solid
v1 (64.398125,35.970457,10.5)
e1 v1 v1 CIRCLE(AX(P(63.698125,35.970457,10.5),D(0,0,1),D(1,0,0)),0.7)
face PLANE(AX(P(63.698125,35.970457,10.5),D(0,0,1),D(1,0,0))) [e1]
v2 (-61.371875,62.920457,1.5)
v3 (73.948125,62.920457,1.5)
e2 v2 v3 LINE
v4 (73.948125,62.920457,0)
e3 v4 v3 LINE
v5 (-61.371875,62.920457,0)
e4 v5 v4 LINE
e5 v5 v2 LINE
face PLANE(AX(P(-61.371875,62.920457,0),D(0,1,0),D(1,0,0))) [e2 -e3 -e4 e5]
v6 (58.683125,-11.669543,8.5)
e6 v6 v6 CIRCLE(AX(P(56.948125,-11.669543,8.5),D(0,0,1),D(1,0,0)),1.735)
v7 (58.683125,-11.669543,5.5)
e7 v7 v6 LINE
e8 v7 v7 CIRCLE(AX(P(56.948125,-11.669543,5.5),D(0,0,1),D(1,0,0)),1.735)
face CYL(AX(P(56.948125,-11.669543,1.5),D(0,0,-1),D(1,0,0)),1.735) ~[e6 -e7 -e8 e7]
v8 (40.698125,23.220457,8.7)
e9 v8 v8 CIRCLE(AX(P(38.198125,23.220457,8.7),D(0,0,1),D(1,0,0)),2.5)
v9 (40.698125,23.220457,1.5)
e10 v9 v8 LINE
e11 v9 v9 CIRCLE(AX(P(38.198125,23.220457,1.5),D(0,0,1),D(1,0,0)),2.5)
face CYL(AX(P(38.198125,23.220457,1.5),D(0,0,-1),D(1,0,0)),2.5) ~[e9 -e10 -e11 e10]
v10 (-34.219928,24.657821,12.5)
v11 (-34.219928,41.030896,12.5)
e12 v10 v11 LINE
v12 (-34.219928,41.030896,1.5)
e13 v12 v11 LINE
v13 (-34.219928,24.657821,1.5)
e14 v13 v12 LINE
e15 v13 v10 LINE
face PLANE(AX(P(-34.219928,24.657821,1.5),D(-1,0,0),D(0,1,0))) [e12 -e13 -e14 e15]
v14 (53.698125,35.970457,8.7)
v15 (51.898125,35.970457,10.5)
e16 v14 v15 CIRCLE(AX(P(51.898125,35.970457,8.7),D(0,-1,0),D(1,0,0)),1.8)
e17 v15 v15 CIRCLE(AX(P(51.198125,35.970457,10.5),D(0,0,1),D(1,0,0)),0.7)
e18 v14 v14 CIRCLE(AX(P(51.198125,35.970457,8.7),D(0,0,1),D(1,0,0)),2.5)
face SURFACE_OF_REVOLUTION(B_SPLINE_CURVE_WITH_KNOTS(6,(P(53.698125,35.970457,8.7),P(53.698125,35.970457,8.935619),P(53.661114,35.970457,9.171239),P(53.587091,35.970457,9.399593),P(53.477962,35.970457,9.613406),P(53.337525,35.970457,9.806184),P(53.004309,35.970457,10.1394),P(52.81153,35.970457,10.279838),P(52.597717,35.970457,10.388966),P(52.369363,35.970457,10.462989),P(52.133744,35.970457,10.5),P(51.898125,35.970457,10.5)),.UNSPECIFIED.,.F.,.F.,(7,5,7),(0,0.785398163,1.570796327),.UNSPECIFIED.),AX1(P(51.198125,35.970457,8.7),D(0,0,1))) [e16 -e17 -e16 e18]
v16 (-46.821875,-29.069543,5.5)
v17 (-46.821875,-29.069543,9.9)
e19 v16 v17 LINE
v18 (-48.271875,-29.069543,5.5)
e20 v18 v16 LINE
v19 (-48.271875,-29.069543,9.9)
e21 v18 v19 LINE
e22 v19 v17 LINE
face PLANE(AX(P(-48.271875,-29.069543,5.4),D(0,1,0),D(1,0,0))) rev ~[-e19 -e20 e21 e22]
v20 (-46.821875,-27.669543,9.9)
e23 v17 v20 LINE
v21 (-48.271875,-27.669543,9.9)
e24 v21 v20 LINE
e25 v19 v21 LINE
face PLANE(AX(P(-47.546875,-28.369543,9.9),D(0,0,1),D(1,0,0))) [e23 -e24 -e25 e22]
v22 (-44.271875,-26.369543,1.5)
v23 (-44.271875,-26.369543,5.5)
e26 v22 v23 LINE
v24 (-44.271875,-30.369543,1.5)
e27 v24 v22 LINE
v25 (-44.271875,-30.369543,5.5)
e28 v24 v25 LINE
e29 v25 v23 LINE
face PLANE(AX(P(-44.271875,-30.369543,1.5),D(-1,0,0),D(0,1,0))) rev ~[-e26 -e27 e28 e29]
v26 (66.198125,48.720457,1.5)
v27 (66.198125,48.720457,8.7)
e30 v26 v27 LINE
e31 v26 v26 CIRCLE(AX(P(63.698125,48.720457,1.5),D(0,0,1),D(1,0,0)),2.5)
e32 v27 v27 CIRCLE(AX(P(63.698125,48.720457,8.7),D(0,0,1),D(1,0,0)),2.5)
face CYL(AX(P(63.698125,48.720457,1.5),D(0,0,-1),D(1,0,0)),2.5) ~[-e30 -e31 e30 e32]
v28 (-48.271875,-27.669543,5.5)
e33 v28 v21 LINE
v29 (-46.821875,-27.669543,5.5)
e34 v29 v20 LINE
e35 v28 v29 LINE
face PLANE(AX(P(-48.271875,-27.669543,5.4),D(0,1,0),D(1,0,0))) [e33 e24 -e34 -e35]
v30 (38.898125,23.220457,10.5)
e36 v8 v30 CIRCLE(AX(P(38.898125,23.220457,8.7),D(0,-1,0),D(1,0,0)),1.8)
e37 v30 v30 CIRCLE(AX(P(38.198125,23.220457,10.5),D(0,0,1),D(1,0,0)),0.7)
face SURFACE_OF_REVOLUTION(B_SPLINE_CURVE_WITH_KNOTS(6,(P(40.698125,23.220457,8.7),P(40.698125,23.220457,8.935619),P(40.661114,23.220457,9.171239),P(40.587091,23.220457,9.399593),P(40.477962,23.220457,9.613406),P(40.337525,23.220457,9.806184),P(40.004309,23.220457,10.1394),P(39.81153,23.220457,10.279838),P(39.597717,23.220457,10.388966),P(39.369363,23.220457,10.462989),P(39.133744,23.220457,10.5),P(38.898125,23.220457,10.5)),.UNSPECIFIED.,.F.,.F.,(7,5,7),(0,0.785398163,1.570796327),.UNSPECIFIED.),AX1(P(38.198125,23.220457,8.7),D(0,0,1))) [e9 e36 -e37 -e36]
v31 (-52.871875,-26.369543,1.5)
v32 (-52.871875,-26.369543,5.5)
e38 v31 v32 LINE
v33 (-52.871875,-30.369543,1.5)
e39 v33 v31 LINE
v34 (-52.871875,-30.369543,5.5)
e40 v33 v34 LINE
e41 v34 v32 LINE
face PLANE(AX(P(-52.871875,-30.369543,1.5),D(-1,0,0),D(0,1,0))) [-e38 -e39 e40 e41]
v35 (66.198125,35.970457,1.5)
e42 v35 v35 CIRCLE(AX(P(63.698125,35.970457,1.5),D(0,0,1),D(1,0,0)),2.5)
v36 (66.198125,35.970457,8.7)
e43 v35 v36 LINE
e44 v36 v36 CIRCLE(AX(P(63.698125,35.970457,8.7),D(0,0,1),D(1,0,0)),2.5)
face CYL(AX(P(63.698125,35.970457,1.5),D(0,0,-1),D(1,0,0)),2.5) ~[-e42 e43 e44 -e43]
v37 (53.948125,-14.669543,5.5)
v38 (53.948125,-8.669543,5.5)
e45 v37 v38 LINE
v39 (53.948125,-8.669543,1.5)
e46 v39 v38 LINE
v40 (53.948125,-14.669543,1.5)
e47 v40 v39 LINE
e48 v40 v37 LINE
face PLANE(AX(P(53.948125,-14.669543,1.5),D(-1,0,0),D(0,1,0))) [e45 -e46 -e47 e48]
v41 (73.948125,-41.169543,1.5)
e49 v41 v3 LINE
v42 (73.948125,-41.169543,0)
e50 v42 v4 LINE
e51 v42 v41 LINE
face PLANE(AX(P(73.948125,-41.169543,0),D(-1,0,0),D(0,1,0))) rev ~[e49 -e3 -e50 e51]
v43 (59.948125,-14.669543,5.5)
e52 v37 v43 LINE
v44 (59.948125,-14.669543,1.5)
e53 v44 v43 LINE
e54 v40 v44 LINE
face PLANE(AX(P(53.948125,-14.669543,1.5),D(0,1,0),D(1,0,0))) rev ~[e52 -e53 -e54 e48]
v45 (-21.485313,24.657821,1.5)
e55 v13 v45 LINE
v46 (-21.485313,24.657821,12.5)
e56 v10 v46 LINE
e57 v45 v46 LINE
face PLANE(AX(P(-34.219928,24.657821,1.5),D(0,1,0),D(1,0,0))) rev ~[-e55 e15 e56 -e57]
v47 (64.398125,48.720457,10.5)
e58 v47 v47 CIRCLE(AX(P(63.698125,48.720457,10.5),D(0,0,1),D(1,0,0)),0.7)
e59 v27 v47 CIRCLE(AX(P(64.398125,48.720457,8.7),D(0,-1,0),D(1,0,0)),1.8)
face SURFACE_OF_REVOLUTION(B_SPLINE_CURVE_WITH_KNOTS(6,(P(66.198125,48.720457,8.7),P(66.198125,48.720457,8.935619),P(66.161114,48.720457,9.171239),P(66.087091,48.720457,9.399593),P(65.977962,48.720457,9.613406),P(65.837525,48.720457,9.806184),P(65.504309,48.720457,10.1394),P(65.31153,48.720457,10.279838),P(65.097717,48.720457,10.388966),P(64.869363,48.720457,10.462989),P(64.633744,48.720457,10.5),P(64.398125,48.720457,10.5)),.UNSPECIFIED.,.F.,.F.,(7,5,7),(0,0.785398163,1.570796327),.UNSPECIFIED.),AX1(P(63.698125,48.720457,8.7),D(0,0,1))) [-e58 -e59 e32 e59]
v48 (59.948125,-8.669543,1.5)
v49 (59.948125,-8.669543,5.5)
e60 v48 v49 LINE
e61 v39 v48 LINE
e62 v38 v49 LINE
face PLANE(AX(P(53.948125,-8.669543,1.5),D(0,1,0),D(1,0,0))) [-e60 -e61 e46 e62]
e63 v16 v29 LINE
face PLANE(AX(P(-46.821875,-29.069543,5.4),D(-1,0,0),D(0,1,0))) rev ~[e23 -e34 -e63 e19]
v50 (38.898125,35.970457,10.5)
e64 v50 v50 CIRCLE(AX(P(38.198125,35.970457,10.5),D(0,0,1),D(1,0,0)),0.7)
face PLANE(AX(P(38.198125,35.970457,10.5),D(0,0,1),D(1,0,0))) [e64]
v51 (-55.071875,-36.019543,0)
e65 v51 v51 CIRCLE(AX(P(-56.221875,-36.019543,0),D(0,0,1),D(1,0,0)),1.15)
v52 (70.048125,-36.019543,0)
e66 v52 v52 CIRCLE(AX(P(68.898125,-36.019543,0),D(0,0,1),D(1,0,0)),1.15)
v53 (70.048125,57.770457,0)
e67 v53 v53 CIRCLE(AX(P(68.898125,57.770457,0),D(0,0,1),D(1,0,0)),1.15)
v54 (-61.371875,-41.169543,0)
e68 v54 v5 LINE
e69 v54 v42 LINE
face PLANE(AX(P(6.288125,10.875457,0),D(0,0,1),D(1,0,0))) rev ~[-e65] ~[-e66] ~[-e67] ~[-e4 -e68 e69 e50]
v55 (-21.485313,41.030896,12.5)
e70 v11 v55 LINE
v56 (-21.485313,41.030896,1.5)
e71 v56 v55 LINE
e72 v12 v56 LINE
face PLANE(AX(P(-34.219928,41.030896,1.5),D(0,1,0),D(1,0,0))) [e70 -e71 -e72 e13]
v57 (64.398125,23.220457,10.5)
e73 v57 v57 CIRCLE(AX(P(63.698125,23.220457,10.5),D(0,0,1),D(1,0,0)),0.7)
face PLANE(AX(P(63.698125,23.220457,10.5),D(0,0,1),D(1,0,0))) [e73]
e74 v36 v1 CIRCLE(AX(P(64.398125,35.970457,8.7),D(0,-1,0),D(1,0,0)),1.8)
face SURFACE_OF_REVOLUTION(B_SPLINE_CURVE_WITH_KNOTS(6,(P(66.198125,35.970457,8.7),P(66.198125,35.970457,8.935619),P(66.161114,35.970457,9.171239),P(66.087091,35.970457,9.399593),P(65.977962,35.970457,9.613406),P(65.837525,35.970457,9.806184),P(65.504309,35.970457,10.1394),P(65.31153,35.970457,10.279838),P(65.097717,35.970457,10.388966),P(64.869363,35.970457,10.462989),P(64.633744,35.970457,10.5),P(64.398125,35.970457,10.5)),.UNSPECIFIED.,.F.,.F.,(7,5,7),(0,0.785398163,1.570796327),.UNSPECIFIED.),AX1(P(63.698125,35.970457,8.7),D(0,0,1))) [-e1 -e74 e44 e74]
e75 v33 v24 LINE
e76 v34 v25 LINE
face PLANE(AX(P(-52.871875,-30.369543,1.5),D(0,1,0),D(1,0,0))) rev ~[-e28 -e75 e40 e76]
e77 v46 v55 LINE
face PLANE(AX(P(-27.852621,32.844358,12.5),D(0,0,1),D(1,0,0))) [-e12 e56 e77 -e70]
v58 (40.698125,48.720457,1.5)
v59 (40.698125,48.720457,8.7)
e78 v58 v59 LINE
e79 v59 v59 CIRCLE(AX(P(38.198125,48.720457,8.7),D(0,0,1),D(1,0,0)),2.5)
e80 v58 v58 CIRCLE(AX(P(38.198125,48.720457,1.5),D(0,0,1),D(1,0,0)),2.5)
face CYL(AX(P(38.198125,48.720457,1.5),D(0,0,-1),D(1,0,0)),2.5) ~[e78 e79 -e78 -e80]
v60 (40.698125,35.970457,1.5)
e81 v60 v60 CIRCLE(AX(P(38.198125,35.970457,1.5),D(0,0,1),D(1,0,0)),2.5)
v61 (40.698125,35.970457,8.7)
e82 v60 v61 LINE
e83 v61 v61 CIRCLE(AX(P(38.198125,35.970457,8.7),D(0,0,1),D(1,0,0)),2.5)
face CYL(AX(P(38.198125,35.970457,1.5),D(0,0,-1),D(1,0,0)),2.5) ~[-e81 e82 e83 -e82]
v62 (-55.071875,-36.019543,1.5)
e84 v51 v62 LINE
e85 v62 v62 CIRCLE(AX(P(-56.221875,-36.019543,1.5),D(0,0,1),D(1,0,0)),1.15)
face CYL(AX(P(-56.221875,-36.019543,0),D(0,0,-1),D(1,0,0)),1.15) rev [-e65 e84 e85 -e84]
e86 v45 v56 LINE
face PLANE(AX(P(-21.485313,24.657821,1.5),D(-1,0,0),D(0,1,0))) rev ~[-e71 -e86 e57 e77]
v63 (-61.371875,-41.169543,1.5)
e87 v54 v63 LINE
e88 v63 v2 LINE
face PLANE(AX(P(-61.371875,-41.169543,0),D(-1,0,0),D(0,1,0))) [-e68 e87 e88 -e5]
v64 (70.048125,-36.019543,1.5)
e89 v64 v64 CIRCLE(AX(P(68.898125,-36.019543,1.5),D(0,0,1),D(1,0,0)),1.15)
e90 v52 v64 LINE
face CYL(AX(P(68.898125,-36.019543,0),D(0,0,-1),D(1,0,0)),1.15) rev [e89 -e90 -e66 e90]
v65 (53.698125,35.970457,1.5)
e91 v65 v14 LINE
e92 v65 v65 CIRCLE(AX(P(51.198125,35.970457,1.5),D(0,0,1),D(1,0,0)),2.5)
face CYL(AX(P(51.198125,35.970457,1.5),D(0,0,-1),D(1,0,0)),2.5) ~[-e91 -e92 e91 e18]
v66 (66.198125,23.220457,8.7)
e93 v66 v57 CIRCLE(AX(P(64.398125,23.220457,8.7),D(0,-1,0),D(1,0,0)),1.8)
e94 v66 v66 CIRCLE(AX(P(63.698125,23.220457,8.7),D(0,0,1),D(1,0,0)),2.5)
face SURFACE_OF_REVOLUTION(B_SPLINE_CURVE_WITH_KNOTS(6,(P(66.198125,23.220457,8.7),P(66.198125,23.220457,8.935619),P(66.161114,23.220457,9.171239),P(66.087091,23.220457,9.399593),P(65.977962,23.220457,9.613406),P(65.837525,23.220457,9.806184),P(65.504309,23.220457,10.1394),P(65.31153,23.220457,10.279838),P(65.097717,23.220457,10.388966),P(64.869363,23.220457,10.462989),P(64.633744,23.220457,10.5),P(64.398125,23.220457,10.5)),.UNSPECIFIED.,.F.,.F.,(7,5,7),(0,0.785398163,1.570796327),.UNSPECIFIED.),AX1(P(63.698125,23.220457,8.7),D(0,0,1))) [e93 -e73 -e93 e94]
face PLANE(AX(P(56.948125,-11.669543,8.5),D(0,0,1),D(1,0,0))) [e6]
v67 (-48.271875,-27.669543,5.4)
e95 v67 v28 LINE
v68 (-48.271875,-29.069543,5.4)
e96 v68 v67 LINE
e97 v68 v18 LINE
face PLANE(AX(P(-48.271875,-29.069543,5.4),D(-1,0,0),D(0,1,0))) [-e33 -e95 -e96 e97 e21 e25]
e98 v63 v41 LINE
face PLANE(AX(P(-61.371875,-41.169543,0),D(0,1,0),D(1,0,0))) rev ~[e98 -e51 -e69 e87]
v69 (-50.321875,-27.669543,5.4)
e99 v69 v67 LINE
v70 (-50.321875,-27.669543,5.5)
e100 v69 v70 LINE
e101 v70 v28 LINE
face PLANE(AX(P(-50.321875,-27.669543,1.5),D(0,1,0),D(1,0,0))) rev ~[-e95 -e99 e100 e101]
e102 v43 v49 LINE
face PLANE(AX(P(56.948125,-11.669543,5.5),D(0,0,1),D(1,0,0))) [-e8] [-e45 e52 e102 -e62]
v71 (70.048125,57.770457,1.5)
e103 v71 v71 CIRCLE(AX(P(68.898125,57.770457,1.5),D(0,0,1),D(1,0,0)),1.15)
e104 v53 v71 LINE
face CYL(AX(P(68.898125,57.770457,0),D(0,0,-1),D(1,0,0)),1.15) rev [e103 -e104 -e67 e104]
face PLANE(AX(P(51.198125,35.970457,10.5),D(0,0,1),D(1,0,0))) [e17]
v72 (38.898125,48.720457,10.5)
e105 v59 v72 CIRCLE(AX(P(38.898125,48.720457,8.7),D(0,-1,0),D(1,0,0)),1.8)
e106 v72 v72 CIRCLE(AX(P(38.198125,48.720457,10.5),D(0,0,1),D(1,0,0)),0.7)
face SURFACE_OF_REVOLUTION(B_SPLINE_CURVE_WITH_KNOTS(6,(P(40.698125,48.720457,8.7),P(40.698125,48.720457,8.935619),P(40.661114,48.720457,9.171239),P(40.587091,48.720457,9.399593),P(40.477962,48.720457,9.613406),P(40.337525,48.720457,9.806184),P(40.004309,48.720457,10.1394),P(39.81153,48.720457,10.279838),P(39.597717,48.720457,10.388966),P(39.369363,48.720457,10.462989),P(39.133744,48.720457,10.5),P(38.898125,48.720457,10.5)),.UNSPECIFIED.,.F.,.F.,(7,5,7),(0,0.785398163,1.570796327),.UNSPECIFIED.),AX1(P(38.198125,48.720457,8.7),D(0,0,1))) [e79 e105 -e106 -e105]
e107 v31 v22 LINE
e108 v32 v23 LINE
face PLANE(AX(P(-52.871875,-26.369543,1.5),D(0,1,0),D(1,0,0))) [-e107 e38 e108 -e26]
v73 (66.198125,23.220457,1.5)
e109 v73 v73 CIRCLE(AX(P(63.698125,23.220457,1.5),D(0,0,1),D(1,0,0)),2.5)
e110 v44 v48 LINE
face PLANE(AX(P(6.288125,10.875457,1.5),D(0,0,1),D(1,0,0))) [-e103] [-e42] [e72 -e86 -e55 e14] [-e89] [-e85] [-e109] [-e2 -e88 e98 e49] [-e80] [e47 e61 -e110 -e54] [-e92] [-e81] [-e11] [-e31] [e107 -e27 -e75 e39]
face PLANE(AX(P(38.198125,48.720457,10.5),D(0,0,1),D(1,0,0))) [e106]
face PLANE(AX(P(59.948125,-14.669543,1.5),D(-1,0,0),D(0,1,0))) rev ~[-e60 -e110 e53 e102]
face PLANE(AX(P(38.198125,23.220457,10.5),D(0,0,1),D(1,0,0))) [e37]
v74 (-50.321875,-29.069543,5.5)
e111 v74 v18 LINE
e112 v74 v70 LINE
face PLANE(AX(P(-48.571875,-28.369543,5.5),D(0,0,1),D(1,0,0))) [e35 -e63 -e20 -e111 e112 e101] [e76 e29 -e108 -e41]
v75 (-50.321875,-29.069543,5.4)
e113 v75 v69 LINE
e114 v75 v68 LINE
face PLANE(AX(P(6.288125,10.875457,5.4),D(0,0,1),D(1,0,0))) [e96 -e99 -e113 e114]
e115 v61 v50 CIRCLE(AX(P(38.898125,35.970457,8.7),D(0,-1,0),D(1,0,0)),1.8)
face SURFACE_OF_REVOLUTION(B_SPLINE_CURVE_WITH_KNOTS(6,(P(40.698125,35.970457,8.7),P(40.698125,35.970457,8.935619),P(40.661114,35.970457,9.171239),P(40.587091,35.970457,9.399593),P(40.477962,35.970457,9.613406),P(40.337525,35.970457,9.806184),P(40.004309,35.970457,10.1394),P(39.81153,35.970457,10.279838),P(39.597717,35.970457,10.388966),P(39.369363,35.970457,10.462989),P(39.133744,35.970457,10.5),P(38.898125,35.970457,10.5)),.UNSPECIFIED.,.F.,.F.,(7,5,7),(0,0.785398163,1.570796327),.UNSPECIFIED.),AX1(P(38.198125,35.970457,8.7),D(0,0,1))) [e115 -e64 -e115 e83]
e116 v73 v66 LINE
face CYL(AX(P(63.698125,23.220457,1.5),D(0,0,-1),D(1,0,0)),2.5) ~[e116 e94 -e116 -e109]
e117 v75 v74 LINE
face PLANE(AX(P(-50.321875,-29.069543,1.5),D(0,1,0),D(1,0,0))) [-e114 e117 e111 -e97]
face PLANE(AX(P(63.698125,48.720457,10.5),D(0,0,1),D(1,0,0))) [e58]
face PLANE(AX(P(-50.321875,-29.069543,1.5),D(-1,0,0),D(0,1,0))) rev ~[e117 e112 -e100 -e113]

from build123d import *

# Parameters (mm, degrees)
F0_W      = 135.32
F0_H      = 104.09
F0_R      = 1.15
F1_DEPTH  = 1.5
F2_W      = 8.6
F2_H      = 4
F2_W_2    = 3.5
F2_H_2    = 1.4
F3_DEPTH  = 4
F4_DEPTH  = 3.9
F5_W      = 1.45
F5_H      = 1.4
F6_DEPTH  = 4.5
F2_W_3    = 6
F2_H_3    = 6
F2_R      = 1.735
F7_DEPTH  = 4
F8_DEPTH  = 7
F2_R_2    = 2.5
F9_DEPTH  = 9
F10_R     = 1.8
F2_W_4    = 12.7346146769
F2_H_4    = 16.3730749178
F11_DEPTH = 11


with BuildPart() as f1:
    # F0 (on Top) → F1 (new body)
    with BuildSketch(Plane.XY):
        with Locations((6.288124553, 10.8754571187)):
            Rectangle(F0_W, F0_H)
        with Locations((-56.221875447, -36.0195428813)):
            Circle(F0_R, mode=Mode.SUBTRACT)
        with Locations((68.898124553, -36.0195428813)):
            Circle(F0_R, mode=Mode.SUBTRACT)
        with Locations((68.898124553, 57.7704571187)):
            Circle(F0_R, mode=Mode.SUBTRACT)
    extrude(amount=F1_DEPTH)

    # F2 (on face) → F3 (join)
    with BuildSketch(Plane.XY.offset(1.5)):
        with Locations((-48.571875447, -28.3695428813)):
            Rectangle(F2_W, F2_H)
        with Locations((-48.571875447, -28.3695428813)):
            Rectangle(F2_W_2, F2_H_2, mode=Mode.SUBTRACT)
    extrude(amount=F3_DEPTH)

    # F4 (add): a face of the model
    f4_faces = [f1.faces().sort_by_distance(p)[0] for p in [
        (-48.571875447, -28.3695428813, 1.5),
    ]]
    extrude(f4_faces, amount=F4_DEPTH)

    # F5 (on face) → F6 (join)
    with BuildSketch(Plane.XY.offset(5.4)):
        with Locations((-47.546875447, -28.3695428813)):
            Rectangle(F5_W, F5_H)
    extrude(amount=F6_DEPTH)

    # F2 (on face) → F7 (join)
    with BuildSketch(Plane.XY.offset(1.5)):
        with Locations((56.948124553, -11.6695428813)):
            Rectangle(F2_W_3, F2_H_3)
        with Locations((56.948124553, -11.6695428813)):
            Circle(F2_R, mode=Mode.SUBTRACT)
    extrude(amount=F7_DEPTH)

    # F2 (on face) → F8 (join)
    with BuildSketch(Plane.XY.offset(1.5)):
        with Locations((56.948124553, -11.6695428813)):
            Circle(F2_R)
    extrude(amount=F8_DEPTH)

    # F2 (on face) → F9 (join)
    with BuildSketch(Plane.XY.offset(1.5)):
        with Locations((38.198124553, 23.2204571187)):
            Circle(F2_R_2)
        with Locations((51.198124553, 35.9704571187)):
            Circle(F2_R_2)
        with Locations((63.698124553, 35.9704571187)):
            Circle(F2_R_2)
        with Locations((63.698124553, 23.2204571187)):
            Circle(F2_R_2)
        with Locations((38.198124553, 35.9704571187)):
            Circle(F2_R_2)
        with Locations((63.698124553, 48.7204571187)):
            Circle(F2_R_2)
        with Locations((38.198124553, 48.7204571187)):
            Circle(F2_R_2)
    extrude(amount=F9_DEPTH)

    # F10
    f10_edges = [f1.edges().sort_by_distance(p)[0] for p in [
        (35.698125, 23.220457, 10.5),
        (35.698125, 35.970457, 10.5),
        (48.698125, 35.970457, 10.5),
        (35.698125, 48.720457, 10.5),
        (61.198125, 35.970457, 10.5),
        (61.198125, 48.720457, 10.5),
        (61.198125, 23.220457, 10.5),
    ]]
    fillet(f10_edges, radius=F10_R)

    # F2 (on face) → F11 (join)
    with BuildSketch(Plane.XY.offset(1.5)):
        with Locations((-27.8526208236, 32.8443583531)):
            Rectangle(F2_W_4, F2_H_4)
    extrude(amount=F11_DEPTH)


solid = f1.part
